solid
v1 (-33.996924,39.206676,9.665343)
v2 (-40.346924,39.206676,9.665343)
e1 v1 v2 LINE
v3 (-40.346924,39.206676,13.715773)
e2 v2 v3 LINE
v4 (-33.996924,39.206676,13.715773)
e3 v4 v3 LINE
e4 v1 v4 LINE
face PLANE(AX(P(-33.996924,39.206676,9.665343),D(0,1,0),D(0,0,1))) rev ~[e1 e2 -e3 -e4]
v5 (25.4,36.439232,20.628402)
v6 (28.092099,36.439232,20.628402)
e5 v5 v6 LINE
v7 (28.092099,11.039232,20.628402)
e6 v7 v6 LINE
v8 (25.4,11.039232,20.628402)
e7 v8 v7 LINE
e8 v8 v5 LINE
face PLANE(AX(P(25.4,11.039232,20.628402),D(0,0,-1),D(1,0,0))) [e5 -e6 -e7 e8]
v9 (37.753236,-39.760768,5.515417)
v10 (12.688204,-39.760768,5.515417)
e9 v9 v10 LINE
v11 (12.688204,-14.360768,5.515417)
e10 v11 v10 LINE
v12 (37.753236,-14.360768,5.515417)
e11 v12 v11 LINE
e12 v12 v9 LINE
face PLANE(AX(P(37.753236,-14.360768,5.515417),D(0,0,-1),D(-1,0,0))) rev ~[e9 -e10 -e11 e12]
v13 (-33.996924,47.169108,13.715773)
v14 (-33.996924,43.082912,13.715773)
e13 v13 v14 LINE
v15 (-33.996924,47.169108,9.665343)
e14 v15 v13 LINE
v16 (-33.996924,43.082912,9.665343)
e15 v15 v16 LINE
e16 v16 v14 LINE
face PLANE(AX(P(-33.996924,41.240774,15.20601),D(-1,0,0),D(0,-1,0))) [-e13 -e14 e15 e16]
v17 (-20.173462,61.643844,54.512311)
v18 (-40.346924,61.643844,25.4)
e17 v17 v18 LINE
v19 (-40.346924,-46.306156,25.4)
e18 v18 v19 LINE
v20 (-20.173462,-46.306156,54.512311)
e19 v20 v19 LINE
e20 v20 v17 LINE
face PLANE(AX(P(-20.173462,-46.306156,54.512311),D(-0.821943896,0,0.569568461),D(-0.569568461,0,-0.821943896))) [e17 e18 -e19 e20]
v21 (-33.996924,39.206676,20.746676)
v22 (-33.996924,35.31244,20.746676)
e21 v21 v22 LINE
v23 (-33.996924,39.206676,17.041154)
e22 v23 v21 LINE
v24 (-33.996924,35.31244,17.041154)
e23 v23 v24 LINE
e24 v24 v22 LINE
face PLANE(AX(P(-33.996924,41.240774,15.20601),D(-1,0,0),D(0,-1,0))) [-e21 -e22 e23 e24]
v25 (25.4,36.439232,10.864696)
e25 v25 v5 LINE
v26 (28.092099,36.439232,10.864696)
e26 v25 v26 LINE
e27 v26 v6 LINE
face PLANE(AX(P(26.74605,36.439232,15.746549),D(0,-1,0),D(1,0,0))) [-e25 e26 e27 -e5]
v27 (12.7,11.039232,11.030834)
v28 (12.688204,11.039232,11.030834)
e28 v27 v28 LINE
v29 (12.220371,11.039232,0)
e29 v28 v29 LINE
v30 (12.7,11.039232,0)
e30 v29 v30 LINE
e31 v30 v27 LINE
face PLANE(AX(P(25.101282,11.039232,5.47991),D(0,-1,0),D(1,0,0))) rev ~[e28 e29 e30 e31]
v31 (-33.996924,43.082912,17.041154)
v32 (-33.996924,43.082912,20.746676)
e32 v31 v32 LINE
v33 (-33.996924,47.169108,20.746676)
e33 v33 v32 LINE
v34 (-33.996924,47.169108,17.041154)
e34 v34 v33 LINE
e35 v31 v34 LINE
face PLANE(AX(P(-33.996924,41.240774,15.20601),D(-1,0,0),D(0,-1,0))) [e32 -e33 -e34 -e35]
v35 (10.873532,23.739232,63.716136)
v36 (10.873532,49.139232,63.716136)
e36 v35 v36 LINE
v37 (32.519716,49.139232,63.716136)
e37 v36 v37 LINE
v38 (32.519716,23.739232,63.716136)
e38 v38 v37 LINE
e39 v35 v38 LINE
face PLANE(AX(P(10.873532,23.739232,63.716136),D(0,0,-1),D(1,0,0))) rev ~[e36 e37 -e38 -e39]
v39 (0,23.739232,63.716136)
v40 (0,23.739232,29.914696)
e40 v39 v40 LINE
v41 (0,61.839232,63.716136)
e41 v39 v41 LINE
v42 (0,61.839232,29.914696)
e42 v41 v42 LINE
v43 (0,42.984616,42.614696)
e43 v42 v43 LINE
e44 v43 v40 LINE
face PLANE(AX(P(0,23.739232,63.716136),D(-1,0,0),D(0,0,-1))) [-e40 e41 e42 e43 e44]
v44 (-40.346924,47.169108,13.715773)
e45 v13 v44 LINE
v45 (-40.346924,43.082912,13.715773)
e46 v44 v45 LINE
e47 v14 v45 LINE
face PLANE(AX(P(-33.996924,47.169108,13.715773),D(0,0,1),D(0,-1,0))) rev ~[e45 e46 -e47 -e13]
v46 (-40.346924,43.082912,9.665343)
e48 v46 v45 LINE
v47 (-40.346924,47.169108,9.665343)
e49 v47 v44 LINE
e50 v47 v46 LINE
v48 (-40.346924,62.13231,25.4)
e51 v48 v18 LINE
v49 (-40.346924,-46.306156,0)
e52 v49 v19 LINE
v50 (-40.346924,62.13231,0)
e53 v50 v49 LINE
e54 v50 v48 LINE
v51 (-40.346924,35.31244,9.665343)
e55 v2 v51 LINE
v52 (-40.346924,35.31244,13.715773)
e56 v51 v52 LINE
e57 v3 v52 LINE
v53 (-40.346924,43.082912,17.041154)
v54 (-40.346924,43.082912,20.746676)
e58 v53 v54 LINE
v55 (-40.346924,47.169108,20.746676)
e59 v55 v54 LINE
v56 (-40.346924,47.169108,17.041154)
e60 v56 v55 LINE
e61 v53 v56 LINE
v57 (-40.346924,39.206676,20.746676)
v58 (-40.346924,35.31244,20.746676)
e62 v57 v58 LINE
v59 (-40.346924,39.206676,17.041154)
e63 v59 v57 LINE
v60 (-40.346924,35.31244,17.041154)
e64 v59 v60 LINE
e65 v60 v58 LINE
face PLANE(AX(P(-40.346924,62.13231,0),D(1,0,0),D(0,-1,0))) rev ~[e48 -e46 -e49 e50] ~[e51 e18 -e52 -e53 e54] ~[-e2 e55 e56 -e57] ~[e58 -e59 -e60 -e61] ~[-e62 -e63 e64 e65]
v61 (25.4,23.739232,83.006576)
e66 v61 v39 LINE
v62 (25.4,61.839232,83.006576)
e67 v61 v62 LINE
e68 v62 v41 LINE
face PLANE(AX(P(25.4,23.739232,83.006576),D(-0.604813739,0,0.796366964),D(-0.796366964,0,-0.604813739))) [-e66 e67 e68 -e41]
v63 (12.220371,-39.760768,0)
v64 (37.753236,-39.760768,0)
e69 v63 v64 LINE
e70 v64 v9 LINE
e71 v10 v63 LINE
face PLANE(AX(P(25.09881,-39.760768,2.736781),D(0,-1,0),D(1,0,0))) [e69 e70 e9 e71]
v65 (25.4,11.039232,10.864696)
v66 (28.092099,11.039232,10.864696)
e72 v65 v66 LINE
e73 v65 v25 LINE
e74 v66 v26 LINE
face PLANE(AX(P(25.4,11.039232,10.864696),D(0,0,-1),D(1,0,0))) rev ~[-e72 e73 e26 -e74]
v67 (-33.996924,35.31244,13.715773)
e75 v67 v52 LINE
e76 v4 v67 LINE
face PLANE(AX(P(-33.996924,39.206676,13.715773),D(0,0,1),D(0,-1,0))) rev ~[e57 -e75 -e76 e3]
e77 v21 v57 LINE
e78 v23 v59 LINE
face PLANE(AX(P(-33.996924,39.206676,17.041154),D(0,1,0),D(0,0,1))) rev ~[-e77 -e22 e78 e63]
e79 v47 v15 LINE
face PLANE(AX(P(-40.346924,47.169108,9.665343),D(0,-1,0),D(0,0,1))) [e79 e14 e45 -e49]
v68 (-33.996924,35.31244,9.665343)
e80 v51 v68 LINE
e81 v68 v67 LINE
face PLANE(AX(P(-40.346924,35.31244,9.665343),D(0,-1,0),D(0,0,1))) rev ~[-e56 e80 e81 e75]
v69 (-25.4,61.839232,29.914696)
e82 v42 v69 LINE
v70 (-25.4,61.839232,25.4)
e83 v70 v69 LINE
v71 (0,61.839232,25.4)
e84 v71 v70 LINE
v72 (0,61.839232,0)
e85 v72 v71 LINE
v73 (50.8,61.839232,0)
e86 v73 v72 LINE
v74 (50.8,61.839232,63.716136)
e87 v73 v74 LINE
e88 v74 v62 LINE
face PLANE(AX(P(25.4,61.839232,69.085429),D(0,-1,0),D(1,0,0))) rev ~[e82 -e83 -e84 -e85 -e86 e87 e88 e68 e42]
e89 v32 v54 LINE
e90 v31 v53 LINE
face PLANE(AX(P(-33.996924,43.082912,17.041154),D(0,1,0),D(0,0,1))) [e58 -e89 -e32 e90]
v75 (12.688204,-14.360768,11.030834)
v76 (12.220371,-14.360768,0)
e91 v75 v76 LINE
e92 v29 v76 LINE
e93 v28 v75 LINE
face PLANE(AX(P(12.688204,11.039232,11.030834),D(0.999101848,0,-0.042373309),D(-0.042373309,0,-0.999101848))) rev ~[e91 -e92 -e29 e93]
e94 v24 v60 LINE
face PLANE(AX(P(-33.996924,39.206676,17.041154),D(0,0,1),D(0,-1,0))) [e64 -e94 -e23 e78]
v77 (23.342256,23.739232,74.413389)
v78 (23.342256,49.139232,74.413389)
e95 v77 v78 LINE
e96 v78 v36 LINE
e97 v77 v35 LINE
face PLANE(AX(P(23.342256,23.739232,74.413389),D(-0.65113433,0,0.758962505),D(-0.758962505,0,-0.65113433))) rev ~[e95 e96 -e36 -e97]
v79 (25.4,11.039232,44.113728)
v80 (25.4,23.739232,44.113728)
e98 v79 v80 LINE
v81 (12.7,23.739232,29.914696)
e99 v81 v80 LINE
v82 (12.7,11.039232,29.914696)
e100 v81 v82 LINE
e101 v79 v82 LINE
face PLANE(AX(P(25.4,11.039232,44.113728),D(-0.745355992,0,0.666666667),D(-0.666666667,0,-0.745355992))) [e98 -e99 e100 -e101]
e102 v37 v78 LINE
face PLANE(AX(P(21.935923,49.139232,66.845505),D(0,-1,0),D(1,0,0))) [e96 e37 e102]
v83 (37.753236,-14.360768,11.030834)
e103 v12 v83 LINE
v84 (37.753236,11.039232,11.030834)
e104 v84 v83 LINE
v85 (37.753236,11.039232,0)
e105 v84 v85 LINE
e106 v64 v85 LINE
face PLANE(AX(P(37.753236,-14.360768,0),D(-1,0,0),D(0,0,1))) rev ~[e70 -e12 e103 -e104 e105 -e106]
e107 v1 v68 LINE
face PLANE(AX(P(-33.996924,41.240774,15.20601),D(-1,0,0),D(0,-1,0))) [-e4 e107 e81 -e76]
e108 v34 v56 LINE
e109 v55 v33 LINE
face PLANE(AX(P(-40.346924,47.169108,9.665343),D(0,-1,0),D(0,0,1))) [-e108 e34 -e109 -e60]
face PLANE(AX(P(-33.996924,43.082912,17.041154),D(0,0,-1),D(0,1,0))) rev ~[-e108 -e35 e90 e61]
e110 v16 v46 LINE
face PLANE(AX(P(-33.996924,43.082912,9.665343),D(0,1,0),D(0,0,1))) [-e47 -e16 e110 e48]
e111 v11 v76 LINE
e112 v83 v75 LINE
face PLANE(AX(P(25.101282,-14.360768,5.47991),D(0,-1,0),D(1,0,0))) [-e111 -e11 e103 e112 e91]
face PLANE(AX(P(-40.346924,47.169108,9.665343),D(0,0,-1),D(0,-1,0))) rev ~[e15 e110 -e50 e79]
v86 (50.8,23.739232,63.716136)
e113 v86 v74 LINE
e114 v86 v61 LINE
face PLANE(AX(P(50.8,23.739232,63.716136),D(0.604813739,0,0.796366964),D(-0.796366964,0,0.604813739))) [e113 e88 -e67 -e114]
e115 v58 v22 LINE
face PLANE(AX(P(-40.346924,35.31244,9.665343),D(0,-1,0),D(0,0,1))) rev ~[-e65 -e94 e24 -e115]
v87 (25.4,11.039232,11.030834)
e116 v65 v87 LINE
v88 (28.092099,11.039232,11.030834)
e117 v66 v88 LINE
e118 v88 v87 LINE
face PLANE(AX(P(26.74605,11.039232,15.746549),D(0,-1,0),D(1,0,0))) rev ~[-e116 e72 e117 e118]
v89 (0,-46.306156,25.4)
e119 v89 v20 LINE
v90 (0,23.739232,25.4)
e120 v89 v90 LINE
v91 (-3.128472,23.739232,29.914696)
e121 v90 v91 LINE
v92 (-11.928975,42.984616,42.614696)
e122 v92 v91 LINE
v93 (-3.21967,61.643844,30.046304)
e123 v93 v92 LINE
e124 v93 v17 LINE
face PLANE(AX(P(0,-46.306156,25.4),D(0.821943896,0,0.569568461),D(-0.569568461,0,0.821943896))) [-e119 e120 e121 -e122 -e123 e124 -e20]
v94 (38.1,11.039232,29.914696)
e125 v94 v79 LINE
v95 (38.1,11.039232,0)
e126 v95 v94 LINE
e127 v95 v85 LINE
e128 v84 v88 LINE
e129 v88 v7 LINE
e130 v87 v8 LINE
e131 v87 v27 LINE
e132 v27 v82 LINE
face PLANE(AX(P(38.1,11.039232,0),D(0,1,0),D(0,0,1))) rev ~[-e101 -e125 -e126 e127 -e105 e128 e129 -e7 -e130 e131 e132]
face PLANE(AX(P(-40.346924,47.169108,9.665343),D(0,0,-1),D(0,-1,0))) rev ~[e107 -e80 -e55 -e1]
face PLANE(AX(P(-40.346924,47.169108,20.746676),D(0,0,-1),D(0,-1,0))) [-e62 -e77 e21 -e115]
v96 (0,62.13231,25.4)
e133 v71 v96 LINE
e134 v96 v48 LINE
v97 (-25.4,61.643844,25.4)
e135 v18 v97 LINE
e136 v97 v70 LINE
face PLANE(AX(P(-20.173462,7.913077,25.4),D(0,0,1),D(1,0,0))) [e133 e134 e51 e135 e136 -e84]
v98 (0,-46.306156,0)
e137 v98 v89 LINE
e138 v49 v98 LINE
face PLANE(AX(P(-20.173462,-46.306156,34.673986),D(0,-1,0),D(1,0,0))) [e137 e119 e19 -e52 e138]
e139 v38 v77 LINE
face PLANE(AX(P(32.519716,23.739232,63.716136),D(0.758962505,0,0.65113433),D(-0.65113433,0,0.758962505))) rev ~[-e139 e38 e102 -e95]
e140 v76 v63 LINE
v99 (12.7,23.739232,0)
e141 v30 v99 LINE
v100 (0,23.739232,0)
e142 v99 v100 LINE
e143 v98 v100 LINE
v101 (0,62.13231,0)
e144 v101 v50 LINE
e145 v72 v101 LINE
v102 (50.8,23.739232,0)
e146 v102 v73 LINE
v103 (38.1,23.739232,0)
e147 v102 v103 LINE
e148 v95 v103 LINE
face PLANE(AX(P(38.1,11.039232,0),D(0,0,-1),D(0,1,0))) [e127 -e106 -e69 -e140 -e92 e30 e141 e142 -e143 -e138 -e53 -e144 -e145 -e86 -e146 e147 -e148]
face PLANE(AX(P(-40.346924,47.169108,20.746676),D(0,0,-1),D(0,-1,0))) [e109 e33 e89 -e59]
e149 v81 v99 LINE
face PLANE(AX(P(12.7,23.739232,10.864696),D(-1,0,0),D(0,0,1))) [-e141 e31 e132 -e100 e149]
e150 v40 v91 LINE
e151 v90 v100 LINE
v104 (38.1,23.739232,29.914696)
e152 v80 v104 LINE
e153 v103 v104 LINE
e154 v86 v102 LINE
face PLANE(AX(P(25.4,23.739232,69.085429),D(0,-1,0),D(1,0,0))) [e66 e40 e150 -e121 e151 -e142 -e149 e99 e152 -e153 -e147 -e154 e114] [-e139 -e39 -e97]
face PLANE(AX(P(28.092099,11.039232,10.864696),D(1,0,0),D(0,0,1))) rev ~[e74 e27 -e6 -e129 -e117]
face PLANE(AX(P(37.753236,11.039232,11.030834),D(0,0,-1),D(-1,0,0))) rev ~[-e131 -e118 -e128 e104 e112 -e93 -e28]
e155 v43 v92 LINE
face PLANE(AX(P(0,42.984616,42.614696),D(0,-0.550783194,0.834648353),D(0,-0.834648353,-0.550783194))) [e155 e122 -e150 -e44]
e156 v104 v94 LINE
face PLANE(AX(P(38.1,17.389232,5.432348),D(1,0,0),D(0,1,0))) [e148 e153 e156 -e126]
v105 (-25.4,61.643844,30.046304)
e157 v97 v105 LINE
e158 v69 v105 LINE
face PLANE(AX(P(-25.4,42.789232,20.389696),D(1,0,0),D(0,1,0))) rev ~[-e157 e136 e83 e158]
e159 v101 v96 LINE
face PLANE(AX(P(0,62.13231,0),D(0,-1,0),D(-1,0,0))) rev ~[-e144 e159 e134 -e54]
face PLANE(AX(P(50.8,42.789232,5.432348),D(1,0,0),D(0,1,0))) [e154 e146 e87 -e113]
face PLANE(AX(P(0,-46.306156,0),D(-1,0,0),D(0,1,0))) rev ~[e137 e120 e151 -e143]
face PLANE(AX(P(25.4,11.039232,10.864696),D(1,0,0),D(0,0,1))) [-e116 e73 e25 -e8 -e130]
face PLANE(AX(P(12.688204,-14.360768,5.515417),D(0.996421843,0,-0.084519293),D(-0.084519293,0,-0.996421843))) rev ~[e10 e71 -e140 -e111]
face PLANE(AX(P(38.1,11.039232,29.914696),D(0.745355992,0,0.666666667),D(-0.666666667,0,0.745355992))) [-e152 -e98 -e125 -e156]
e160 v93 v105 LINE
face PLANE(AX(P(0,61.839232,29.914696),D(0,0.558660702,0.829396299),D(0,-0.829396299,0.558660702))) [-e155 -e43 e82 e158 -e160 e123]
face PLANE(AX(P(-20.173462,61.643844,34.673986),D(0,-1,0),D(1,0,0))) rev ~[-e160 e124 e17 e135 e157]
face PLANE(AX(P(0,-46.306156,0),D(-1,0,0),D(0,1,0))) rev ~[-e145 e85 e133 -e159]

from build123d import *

# Parameters (mm, degrees)
F0_W      = 38.1
F0_H      = 19.05
F1_DEPTH  = 50.8
F2_W      = 25.4
F2_H      = 19.05
F3_DEPTH  = 12.7
F5_DEPTH  = 31.75
F8_DEPTH  = 25.4
F10_DEPTH = 107.95
F11_W     = 38.1
F11_H     = 10.8646959405
F12_DEPTH = 50.8
F14_DEPTH = 25.4
F16_DEPTH = 25.4
F17_W     = 12.7
F17_H     = 10.8646959405
F18_DEPTH = 25.4
F6_W      = 2.6920993537
F6_H      = 9.7637060691
F19_DEPTH = 25.4
F20_DEPTH = 25.4
F21_W     = 11.8566676974
F21_H     = 11.0813332722
F22_DEPTH = 6.35
F23_W     = 4.0861964226
F23_H     = 3.3253813162
F23_W_2   = 3.8762353361
F23_H_2   = 3.7055220455
F23_W_3   = 3.8942359388
F23_H_3   = 4.0504299104
F24_DEPTH = 6.35
F26_DEPTH = 38.1
F28_DEPTH = 38.1
F30_DEPTH = 25.4


with BuildPart() as f1:
    # F0 (on Right) → F1 (new body)
    with BuildSketch(Plane.YZ):
        with Locations((42.7892319858, 20.3896959405)):
            Rectangle(F0_W, F0_H)
        Polygon((23.7392319858, 29.9146959405), (61.8392319858, 29.9146959405), (42.9846160114, 42.6146959405), align=None)
    extrude(amount=F1_DEPTH)

    # F2 (on face) → F3 (join)
    with BuildSketch(Plane.XZ.offset(-23.7392319858)):
        with Locations((25.4, 20.3896959405)):
            Rectangle(F2_W, F2_H)
    extrude(amount=F3_DEPTH)

    # F4 (on face) → F5 (join)
    with BuildSketch(Plane.XZ.offset(-11.0392319858)):
        Polygon((25.4, 44.1137275976), (12.7, 29.9146959405), (38.1, 29.9146959405), align=None)
    extrude(amount=-F5_DEPTH)

    # F7 (on Top) → F8 (join)
    with BuildSketch(Plane.XY):
        Polygon((0, 23.8369237632), (0, 62.1323101223), (-40.3469242156, 62.1323101223), (-40.3469242156, -46.306155622), (0, -46.306155622), align=None)
    extrude(amount=F8_DEPTH)

    # F9 (on face) → F10 (join)
    with BuildSketch(Plane.XZ.offset(46.306155622)):
        Polygon((-20.1734621078, 54.5123107731), (-40.3469242156, 25.4), (0, 25.4), align=None)
    extrude(amount=-F10_DEPTH)

    # F11 (on face) → F12 (join)
    with BuildSketch(Plane.YZ.offset(50.8)):
        with Locations((42.7892319858, 5.4323479703)):
            Rectangle(F11_W, F11_H)
    extrude(amount=-F12_DEPTH)

    # F13 (on face) → F14 (join)
    with BuildSketch(Plane.XZ.offset(-11.0392319858)):
        Polygon((37.7532355487, 11.0308341682), (12.6882037148, 11.0308341682), (12.2203705832, 0), (37.7532355487, 0), align=None)
    extrude(amount=F14_DEPTH)

    # F15 (on face) → F16 (join)
    with BuildSketch(Plane.XZ.offset(14.3607680142)):
        Polygon((37.7532355487, 0), (37.7532355487, 5.5154170841), (12.6882037148, 5.5154170841), (12.2203705832, 0), align=None)
    extrude(amount=F16_DEPTH)

    # F17 (on face) → F18 (join)
    with BuildSketch(Plane.YZ.offset(38.1)):
        with Locations((17.3892319858, 5.4323479703)):
            Rectangle(F17_W, F17_H)
    extrude(amount=-F18_DEPTH)

    # F6 (on face) → F19 (cut)
    with BuildSketch(Plane.XZ.offset(-11.0392319858)):
        with Locations((26.7460496768, 15.7465489751)):
            Rectangle(F6_W, F6_H)
    extrude(amount=-F19_DEPTH, mode=Mode.SUBTRACT)

    # F20 (add): a face of the model
    f20_faces = [f1.faces().sort_by_distance(p)[0] for p in [
        (0, 42.8272968204, 31.4509034),
    ]]
    extrude(f20_faces, amount=F20_DEPTH)

    # F21 (on face) → F22 (cut)
    with BuildSketch(Plane(origin=(-40.3469242156, 0, 0), x_dir=(0, -1, 0), z_dir=(-1, 0, 0))):
        with Locations((-41.2407740951, 15.2060096152)):
            Rectangle(F21_W, F21_H)
    extrude(amount=-F22_DEPTH, mode=Mode.SUBTRACT)

    # F23 (on face) → F24 (join)
    with BuildSketch(Plane(origin=(-33.9969242156, 0, 0), x_dir=(0, -1, 0), z_dir=(-1, 0, 0))):
        with Locations((-45.1260097325, 15.3784635477)):
            Rectangle(F23_W, F23_H)
        with Locations((-41.1447938532, 15.3784635477)):
            Rectangle(F23_W_2, F23_H)
        with Locations((-41.1447938532, 18.8939152285)):
            Rectangle(F23_W_2, F23_H_2)
        with Locations((-37.2595582157, 15.3784635477)):
            Rectangle(F23_W_3, F23_H)
        with Locations((-41.1447938532, 11.6905579343)):
            Rectangle(F23_W_2, F23_H_3)
    extrude(amount=F24_DEPTH)

    # F25 (on face) → F26 (join)
    with BuildSketch(Plane.XZ.offset(-23.7392319858)):
        Polygon((38.1, 29.9146959405), (50.8, 29.9146959405), (50.8, 63.7161359191), (0, 63.7161359191), (0, 29.9146959405), align=None)
    extrude(amount=-F26_DEPTH)

    # F27 (on face) → F28 (join)
    with BuildSketch(Plane.XZ.offset(-23.7392319858)):
        Polygon((25.4, 83.0065757036), (0, 63.7161359191), (50.8, 63.7161359191), align=None)
    extrude(amount=-F28_DEPTH)

    # F29 (on face) → F30 (cut)
    with BuildSketch(Plane.XZ.offset(-23.7392319858)):
        Polygon((23.3422555029, 74.4133889675), (10.8735319227, 63.7161359191), (32.519716375, 63.7161359191), align=None)
    extrude(amount=-F30_DEPTH, mode=Mode.SUBTRACT)


solid = f1.part
